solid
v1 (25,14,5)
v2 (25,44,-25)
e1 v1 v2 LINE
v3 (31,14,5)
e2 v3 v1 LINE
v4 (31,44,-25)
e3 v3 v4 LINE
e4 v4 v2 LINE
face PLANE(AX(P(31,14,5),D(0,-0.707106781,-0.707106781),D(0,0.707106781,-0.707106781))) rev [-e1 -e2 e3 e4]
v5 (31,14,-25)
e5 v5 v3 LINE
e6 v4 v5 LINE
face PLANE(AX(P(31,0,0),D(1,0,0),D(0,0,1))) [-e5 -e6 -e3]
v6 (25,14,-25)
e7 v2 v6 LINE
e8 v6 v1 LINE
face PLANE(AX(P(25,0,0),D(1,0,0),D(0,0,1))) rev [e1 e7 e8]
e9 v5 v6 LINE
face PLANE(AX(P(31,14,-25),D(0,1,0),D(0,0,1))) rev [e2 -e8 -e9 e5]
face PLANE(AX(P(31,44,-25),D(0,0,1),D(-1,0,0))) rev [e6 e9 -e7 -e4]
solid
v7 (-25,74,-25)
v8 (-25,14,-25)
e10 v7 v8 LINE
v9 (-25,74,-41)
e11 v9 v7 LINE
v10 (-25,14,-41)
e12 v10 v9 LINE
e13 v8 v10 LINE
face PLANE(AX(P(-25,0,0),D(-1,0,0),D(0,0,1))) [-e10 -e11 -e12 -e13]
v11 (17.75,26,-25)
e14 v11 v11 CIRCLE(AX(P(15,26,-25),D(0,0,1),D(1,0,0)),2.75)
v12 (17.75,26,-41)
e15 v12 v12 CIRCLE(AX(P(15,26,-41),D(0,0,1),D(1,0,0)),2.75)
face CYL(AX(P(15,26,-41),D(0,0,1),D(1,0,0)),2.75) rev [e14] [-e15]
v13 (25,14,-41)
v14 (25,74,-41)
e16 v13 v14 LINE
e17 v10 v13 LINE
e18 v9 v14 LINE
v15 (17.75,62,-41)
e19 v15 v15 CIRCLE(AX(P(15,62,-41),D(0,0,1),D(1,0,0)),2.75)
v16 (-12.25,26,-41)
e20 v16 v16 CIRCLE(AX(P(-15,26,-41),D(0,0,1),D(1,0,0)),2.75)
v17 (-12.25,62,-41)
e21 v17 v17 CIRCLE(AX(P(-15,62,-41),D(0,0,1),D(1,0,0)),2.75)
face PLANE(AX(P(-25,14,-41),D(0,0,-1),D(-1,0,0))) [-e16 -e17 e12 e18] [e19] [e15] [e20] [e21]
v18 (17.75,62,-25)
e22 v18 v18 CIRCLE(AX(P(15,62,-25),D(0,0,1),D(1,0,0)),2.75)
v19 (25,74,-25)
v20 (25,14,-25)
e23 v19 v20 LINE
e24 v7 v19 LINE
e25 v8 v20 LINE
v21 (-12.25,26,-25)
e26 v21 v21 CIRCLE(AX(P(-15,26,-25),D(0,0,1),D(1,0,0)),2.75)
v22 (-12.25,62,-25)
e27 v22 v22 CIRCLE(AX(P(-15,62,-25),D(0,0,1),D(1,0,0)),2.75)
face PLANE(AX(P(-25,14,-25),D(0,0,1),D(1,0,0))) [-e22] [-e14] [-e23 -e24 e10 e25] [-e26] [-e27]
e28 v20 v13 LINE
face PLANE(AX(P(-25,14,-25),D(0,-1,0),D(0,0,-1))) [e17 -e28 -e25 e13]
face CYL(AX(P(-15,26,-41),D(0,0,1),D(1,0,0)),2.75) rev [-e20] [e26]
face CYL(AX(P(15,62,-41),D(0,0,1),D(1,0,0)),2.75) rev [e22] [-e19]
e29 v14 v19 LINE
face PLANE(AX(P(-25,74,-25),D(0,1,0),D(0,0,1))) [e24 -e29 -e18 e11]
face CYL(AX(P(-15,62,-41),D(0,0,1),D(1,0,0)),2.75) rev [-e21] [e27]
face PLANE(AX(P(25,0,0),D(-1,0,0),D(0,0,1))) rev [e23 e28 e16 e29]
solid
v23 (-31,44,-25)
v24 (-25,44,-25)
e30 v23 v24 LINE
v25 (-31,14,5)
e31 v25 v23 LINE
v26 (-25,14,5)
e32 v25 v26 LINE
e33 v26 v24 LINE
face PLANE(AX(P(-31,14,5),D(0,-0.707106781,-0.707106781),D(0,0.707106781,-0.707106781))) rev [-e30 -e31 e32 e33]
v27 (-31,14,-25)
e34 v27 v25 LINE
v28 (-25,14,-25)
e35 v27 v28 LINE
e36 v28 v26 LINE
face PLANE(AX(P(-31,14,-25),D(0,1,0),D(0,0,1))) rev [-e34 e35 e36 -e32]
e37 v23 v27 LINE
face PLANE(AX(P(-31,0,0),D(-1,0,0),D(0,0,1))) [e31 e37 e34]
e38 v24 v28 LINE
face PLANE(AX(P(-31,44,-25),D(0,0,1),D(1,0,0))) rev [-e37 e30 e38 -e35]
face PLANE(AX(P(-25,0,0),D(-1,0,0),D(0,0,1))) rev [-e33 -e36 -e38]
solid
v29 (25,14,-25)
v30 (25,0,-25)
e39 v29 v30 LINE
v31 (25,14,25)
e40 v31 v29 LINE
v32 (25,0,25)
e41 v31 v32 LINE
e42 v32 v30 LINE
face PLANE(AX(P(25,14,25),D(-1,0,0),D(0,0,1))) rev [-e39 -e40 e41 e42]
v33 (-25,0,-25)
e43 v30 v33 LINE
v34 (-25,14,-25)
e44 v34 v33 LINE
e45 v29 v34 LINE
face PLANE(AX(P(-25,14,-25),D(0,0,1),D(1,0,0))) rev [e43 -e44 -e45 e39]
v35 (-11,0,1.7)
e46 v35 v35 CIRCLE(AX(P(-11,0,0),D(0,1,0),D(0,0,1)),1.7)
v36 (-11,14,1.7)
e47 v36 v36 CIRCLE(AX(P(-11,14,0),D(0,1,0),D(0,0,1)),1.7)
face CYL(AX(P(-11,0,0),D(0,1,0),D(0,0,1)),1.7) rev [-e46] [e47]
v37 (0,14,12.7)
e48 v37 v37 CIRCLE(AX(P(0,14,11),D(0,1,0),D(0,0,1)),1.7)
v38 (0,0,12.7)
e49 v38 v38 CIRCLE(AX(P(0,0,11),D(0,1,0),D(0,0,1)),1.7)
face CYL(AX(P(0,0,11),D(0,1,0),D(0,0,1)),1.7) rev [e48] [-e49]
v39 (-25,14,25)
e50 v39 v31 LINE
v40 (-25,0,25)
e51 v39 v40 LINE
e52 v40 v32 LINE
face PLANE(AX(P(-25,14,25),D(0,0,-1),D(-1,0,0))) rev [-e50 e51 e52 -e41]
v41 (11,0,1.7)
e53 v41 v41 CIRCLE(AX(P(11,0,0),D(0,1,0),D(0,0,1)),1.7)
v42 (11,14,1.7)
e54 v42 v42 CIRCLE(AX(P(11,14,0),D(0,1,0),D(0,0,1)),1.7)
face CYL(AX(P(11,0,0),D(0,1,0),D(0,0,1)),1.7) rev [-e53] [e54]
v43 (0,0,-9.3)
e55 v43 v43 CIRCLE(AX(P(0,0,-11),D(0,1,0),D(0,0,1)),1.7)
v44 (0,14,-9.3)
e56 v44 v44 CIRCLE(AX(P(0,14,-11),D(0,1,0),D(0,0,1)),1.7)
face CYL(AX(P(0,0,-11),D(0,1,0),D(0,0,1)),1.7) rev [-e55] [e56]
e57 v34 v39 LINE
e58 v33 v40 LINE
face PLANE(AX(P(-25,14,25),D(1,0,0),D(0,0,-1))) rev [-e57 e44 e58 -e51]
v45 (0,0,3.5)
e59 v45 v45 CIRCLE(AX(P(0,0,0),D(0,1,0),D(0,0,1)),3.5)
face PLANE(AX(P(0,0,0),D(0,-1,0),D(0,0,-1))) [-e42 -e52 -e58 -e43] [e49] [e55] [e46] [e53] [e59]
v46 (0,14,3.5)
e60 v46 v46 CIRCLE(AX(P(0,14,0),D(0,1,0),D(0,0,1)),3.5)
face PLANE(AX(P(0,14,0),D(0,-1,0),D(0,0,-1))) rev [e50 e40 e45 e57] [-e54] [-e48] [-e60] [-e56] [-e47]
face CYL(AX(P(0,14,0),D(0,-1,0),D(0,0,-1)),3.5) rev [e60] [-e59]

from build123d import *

# Parameters (mm, degrees)
SKETCH1_W         = 50
SKETCH1_H         = 50
SKETCH1_R         = 3.5
MOTOR_BASE_DEPTH  = 14
SKETCH2_W         = 16
SKETCH2_H         = 60
WALL_MOUNT_DEPTH  = 50
SKETCH6_R         = 1.7
MOTOR_HOLES_DEPTH = 77.850504227
SKETCH8_R         = 2.75
WALL_HOLES_DEPTH  = 93.741576437
GUSSET1_DEPTH     = 6


with BuildPart() as part:
    # Sketch1 → Motor Base (new body)
    with BuildSketch(Plane(origin=(0, 0, 0), x_dir=(1, 0, 0), z_dir=(0, 1, 0))):
        Rectangle(SKETCH1_W, SKETCH1_H)
        with Locations(Location((0, 0, 0), (0, 0, 270))):
            Circle(SKETCH1_R, mode=Mode.SUBTRACT)
    extrude(amount=MOTOR_BASE_DEPTH)

    # Sketch6 → Motor Holes (cut, through all)
    with BuildSketch(Plane(origin=(0, 14, 0), x_dir=(1, 0, 0), z_dir=(0, 1, 0))):
        with Locations(Location((0, 11, 0), (0, 0, 270))):
            Circle(SKETCH6_R)
        with Locations(Location((11, 0, 0), (0, 0, 270))):
            Circle(SKETCH6_R)
        with Locations(Location((0, -11, 0), (0, 0, 270))):
            Circle(SKETCH6_R)
        with Locations(Location((-11, 0, 0), (0, 0, 270))):
            Circle(SKETCH6_R)
    extrude(amount=-MOTOR_HOLES_DEPTH, mode=Mode.SUBTRACT)


with BuildPart() as body_2:
    # Sketch2 → Wall Mount (new, through all)
    with BuildSketch(Plane(origin=(25, 0, 0), x_dir=(0, 0, -1), z_dir=(1, 0, 0))):
        with Locations((33, 44)):
            Rectangle(SKETCH2_W, SKETCH2_H)
    extrude(amount=-WALL_MOUNT_DEPTH)

    # Sketch8 → Wall Holes (cut, through all)
    with BuildSketch(Plane.XY.offset(-25)):
        with Locations((-15, 62)):
            Circle(SKETCH8_R)
        with Locations((15, 62)):
            Circle(SKETCH8_R)
        with Locations((15, 26)):
            Circle(SKETCH8_R)
        with Locations((-15, 26)):
            Circle(SKETCH8_R)
    extrude(amount=-WALL_HOLES_DEPTH, mode=Mode.SUBTRACT)


with BuildPart() as body_3:
    # Sketch10 → gusset1 (new body)
    with BuildSketch(Plane.ZY.offset(25)):
        Polygon((-25, 14), (5, 14), (-25, 44), align=None)
    extrude(amount=GUSSET1_DEPTH)


with BuildPart() as body_4:
    # Mirror2: mirrored copy
    add(body_3.part.mirror(Plane(origin=(0, 0, 0), x_dir=(0, 0, 1), z_dir=(1, 0, 0))))


solid = Compound([part.part, body_2.part, body_3.part, body_4.part])
